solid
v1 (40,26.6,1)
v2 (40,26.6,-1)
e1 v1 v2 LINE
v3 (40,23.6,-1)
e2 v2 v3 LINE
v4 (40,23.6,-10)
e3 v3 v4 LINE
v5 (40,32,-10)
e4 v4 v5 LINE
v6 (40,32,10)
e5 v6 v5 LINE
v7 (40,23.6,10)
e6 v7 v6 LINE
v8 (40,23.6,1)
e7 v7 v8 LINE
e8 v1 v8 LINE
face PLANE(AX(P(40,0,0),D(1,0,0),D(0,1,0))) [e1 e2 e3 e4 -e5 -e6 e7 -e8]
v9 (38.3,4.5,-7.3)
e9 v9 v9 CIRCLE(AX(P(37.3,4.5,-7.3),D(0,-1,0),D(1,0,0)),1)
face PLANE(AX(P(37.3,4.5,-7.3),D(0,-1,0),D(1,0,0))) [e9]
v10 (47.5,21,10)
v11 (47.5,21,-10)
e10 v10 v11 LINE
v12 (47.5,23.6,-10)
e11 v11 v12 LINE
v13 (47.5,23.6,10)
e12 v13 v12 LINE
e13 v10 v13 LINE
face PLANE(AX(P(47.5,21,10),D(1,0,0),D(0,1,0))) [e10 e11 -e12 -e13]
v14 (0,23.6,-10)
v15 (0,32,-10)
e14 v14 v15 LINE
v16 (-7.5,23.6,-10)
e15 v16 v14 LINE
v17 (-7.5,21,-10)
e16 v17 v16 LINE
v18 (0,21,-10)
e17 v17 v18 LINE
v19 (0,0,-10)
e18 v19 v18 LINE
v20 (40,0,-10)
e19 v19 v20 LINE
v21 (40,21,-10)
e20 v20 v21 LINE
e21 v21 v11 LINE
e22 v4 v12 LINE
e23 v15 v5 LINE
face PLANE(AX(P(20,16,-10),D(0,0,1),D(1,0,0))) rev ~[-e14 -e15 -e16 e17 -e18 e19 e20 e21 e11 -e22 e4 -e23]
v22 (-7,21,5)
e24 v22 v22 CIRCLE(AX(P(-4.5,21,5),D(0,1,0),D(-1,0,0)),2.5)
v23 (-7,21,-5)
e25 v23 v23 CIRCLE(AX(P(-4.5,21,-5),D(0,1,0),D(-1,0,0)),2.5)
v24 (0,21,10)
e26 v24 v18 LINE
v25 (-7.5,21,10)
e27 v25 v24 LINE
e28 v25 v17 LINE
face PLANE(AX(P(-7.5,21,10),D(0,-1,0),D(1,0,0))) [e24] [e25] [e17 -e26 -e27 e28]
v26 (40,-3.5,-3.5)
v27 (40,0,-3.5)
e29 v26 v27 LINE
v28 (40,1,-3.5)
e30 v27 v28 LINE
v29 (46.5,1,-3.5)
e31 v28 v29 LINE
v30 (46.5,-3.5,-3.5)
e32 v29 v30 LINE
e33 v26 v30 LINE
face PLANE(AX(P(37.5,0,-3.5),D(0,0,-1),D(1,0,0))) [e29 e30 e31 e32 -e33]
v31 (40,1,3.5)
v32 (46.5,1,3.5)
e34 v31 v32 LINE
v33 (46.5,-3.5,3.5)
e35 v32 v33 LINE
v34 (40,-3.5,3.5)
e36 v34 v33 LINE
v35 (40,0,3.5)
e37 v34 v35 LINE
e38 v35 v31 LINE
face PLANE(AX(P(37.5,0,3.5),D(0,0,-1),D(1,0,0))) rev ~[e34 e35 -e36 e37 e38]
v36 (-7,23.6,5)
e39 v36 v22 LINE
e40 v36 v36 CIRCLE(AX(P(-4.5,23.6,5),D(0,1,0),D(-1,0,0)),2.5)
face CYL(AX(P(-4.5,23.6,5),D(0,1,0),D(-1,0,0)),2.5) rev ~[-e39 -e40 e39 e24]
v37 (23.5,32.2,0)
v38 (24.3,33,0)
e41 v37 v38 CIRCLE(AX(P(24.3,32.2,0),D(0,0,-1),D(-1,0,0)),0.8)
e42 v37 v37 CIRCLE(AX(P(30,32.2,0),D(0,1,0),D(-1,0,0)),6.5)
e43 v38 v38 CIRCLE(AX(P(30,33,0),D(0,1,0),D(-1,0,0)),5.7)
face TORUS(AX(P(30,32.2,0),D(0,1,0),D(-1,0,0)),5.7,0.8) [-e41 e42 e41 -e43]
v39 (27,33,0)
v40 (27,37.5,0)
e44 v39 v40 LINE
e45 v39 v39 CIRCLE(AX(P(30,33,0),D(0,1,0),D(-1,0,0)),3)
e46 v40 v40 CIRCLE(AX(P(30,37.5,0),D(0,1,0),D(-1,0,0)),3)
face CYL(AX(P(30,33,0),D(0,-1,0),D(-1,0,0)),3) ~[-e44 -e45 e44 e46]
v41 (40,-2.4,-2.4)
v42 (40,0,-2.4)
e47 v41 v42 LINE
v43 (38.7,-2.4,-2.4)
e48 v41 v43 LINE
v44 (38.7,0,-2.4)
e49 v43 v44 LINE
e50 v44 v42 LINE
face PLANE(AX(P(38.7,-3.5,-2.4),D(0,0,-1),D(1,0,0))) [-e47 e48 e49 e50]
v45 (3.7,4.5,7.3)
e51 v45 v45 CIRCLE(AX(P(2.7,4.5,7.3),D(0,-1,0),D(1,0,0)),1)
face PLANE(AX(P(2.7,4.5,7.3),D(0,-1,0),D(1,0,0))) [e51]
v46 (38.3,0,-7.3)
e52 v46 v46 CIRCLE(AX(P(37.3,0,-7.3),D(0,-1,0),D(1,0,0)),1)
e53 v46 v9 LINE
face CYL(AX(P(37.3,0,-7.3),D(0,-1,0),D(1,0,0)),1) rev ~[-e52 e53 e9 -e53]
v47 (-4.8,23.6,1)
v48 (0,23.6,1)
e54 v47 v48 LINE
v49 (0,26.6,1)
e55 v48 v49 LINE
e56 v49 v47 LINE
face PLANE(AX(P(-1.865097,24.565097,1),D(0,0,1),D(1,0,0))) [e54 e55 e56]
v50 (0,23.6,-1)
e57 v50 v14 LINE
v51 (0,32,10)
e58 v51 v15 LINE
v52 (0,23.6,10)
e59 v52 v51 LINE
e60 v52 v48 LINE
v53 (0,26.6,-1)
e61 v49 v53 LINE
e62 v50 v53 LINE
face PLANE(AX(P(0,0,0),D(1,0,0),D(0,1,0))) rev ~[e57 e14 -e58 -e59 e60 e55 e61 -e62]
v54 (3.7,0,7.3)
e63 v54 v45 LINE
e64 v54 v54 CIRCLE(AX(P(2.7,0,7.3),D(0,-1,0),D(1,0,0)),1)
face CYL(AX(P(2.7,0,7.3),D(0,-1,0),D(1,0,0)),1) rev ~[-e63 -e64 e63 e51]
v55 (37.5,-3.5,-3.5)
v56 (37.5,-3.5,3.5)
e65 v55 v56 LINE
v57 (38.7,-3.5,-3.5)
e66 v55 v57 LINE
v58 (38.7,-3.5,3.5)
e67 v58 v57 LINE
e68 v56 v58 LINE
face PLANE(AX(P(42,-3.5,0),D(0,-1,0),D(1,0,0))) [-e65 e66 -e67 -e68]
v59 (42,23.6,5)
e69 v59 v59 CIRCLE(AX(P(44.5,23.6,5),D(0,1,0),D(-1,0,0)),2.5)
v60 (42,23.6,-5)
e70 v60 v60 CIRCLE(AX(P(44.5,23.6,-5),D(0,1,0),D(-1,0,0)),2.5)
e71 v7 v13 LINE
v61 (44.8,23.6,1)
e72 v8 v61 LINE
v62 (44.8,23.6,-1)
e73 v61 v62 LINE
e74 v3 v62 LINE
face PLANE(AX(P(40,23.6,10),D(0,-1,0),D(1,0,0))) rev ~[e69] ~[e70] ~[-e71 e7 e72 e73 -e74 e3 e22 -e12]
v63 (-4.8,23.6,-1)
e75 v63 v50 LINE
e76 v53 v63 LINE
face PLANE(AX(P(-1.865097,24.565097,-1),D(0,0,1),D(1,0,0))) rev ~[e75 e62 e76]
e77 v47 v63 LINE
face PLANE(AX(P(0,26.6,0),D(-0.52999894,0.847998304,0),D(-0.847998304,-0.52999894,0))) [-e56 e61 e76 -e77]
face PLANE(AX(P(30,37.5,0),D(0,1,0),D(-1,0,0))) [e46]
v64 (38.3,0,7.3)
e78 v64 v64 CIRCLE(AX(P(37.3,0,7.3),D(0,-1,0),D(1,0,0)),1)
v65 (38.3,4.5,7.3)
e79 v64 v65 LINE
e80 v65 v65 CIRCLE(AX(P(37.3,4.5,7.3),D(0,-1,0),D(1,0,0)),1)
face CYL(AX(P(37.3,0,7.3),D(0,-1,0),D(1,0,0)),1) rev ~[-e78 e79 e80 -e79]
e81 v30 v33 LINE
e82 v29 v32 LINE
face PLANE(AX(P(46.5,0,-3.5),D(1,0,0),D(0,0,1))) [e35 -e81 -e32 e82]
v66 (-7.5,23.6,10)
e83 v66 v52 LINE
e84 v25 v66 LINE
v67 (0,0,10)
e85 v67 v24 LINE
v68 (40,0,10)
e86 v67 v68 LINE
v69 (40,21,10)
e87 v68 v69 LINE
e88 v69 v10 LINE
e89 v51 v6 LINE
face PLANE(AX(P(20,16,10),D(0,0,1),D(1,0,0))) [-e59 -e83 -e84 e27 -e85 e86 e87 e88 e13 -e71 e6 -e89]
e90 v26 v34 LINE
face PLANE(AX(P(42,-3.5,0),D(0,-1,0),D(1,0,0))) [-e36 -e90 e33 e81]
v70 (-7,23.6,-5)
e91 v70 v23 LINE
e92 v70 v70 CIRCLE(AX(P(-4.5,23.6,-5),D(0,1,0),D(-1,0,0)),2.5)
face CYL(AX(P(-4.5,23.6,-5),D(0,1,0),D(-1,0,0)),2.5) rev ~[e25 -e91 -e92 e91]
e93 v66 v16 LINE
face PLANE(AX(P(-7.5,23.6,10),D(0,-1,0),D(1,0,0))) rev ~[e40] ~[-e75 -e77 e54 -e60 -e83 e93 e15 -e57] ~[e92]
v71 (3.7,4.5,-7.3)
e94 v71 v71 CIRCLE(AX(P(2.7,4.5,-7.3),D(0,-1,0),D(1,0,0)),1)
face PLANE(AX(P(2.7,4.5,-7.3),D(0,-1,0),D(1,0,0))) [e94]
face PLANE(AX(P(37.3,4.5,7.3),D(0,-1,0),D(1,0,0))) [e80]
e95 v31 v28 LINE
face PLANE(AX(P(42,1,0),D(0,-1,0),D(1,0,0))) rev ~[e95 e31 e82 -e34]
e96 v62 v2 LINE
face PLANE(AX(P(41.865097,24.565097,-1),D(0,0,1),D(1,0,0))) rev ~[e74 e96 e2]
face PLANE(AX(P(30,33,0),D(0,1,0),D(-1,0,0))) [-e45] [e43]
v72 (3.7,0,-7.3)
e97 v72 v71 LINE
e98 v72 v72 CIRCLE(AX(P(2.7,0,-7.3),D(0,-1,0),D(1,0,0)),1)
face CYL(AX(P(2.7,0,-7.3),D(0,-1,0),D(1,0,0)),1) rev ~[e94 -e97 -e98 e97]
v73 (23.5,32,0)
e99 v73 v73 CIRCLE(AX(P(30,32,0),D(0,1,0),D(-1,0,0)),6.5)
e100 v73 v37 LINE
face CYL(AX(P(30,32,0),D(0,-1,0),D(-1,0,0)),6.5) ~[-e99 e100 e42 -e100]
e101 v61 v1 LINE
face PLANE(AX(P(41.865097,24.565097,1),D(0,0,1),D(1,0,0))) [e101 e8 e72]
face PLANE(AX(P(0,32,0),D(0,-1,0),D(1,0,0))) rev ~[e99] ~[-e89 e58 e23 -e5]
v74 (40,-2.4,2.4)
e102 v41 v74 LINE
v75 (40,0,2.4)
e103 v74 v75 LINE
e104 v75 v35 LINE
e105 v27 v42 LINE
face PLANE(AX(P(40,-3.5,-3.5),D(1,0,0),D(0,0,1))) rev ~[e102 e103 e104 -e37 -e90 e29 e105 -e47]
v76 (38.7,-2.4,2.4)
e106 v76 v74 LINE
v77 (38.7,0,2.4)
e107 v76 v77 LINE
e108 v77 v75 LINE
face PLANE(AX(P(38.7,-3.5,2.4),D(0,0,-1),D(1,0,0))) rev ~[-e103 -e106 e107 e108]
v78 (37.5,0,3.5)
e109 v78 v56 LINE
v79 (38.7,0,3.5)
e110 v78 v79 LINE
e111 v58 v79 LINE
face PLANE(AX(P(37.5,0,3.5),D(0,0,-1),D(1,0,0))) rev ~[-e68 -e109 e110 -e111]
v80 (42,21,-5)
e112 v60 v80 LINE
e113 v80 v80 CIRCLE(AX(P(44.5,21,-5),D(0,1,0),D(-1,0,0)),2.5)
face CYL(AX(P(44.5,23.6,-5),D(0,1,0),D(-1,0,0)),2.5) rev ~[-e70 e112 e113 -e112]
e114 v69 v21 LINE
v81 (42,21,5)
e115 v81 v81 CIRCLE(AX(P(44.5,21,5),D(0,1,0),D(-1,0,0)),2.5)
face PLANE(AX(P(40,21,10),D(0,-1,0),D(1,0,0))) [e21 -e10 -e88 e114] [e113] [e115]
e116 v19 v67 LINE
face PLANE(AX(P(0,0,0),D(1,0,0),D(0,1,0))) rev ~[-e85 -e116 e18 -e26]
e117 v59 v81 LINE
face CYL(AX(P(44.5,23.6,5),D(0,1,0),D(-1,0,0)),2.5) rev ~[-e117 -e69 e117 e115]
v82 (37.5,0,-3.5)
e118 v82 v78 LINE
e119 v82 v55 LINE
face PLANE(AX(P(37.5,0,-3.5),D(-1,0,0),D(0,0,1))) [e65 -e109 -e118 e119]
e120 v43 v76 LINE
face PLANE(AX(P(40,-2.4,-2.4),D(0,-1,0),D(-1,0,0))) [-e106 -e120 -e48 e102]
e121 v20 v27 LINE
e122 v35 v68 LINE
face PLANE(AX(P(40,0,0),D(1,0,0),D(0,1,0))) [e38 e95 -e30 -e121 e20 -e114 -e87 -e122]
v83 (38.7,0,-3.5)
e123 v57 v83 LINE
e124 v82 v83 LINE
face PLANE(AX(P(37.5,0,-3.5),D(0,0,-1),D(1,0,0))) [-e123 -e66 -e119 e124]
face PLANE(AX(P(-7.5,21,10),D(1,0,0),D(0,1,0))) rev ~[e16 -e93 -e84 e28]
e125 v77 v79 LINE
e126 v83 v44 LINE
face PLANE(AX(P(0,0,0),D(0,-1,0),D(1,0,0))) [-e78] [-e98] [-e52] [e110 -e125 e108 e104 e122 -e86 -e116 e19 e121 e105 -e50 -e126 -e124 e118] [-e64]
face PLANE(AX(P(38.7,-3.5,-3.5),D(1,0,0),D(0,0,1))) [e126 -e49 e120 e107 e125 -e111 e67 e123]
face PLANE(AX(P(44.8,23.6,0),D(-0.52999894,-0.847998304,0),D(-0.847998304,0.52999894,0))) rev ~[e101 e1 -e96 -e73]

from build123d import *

# Parameters (mm, degrees)
ESQUISSE1_W             = 40
ESQUISSE1_H             = 32
EXTRUSION1_DEPTH        = 10
ESQUISSE2_R             = 6.5
EXTRUSION2_DEPTH        = 1
CONG_1_R                = 0.8
ESQUISSE3_R             = 3
EXTRUSION3_DEPTH        = 4.5
ESQUISSE4_W             = 9
ESQUISSE4_H             = 7
EXTRUSION4_DEPTH        = 3.5
EXTRUSION4_DEPTH_BACK   = 1
ESQUISSE5_W             = 1.3
ESQUISSE5_H             = 1.1
ENL_V_MAT_EXTRU_2_DEPTH = 3.5
ENL_V_MAT_EXTRU_5_REACH = 14.4
ESQUISSE9_W             = 1.3
ESQUISSE9_H             = 1.1
ESQUISSE7_R             = 1
ENL_V_MAT_EXTRU_4_DEPTH = 4.5
ESQUISSE8_W             = 7.5
ESQUISSE8_H             = 2.6
EXTRUSION6_DEPTH        = 20
EXTRUSION7_DEPTH        = 1
ENL_V_MAT_EXTRU_6_REACH = 29.1
ESQUISSE11_R            = 2.5


with BuildPart() as part:
    # Esquisse1 → Extrusion1 (new body, symmetric)
    with BuildSketch(Plane.XY):
        with Locations((20, 16)):
            Rectangle(ESQUISSE1_W, ESQUISSE1_H)
    extrude(amount=EXTRUSION1_DEPTH, both=True)

    # Esquisse2 → Extrusion2 (add)
    with BuildSketch(Plane(origin=(0, 32, 0), x_dir=(-1, 0, 0), z_dir=(0, 1, 0))):
        with Locations((-30, 0)):
            Circle(ESQUISSE2_R)
    extrude(amount=EXTRUSION2_DEPTH)

    # Cong_1
    cong_1_edges = [part.edges().sort_by_distance(p)[0] for p in [
        (36.5, 33, 0),
    ]]
    fillet(cong_1_edges, radius=CONG_1_R)

    # Esquisse3 → Extrusion3 (add)
    with BuildSketch(Plane(origin=(0, 33, 0), x_dir=(-1, 0, 0), z_dir=(0, 1, 0))):
        with Locations((-30, 0)):
            Circle(ESQUISSE3_R)
    extrude(amount=EXTRUSION3_DEPTH)

    # Esquisse4 → Extrusion4 (add, two sides)
    with BuildSketch(Plane.XZ) as extrusion4_sk:
        with Locations((42, 0)):
            Rectangle(ESQUISSE4_W, ESQUISSE4_H)
    extrude(amount=EXTRUSION4_DEPTH)
    extrude(extrusion4_sk.sketch, amount=-EXTRUSION4_DEPTH_BACK)

    # Esquisse5 → Enl_v. mat.-Extru.2 (cut)
    with BuildSketch(Plane.XZ.offset(3.5)):
        with Locations((39.35, 2.95)):
            Rectangle(ESQUISSE5_W, ESQUISSE5_H)
        with Locations((39.35, -2.95)):
            Rectangle(ESQUISSE5_W, ESQUISSE5_H)
    extrude(amount=-ENL_V_MAT_EXTRU_2_DEPTH, mode=Mode.SUBTRACT)

    # Esquisse9 → Enl_v. mat.-Extru.5 (cut, up to next)
    with BuildSketch(Plane(origin=(0, 0, -2.4), x_dir=(-1, 0, 0), z_dir=(0, 0, -1)), mode=Mode.PRIVATE) as enl_v_mat_extru_5_sk1:
        with Locations((-39.35, -2.95)):
            Rectangle(ESQUISSE9_W, ESQUISSE9_H)
    enl_v_mat_extru_5_tool1 = extrude(enl_v_mat_extru_5_sk1.sketch, amount=-ENL_V_MAT_EXTRU_5_REACH, mode=Mode.PRIVATE) & part.part
    add(enl_v_mat_extru_5_tool1.solids().sort_by_distance((39.35, -2.95, -2.4))[0], mode=Mode.SUBTRACT)

    # Esquisse7 → Enl_v. mat.-Extru.4 (cut)
    with BuildSketch(Plane.XZ):
        with Locations((37.3, -7.3)):
            Circle(ESQUISSE7_R)
        with Locations((2.7, -7.3)):
            Circle(ESQUISSE7_R)
        with Locations((2.7, 7.3)):
            Circle(ESQUISSE7_R)
        with Locations((37.3, 7.3)):
            Circle(ESQUISSE7_R)
    extrude(amount=-ENL_V_MAT_EXTRU_4_DEPTH, mode=Mode.SUBTRACT)

    # Esquisse8 → Extrusion6 (add)
    with BuildSketch(Plane.XY.offset(10)):
        with Locations((43.75, 22.3)):
            Rectangle(ESQUISSE8_W, ESQUISSE8_H)
        with Locations((-3.75, 22.3)):
            Rectangle(ESQUISSE8_W, ESQUISSE8_H)
    extrude(amount=-EXTRUSION6_DEPTH)

    # Esquisse10 → Extrusion7 (add, symmetric)
    with BuildSketch(Plane.XY):
        Polygon((40, 26.6), (40, 23.6), (44.8, 23.6), align=None)
        Polygon((-4.8, 23.6), (0, 23.6), (0, 26.6), align=None)
    extrude(amount=EXTRUSION7_DEPTH, both=True)

    # Esquisse11 → Enl_v. mat.-Extru.6 (cut, up to next)
    with BuildSketch(Plane(origin=(0, 23.6, 0), x_dir=(-1, 0, 0), z_dir=(0, 1, 0)), mode=Mode.PRIVATE) as enl_v_mat_extru_6_sk1:
        with Locations((-44.5, 5)):
            Circle(ESQUISSE11_R)
    enl_v_mat_extru_6_tool1 = extrude(enl_v_mat_extru_6_sk1.sketch, amount=-ENL_V_MAT_EXTRU_6_REACH, mode=Mode.PRIVATE) & part.part
    add(enl_v_mat_extru_6_tool1.solids().sort_by_distance((44.5, 23.6, 5))[0], mode=Mode.SUBTRACT)
    # Esquisse11 → Enl_v. mat.-Extru.6 (cut, up to next)
    with BuildSketch(Plane(origin=(0, 23.6, 0), x_dir=(-1, 0, 0), z_dir=(0, 1, 0)), mode=Mode.PRIVATE) as enl_v_mat_extru_6_sk2:
        with Locations((-44.5, -5)):
            Circle(ESQUISSE11_R)
    enl_v_mat_extru_6_tool2 = extrude(enl_v_mat_extru_6_sk2.sketch, amount=-ENL_V_MAT_EXTRU_6_REACH, mode=Mode.PRIVATE) & part.part
    add(enl_v_mat_extru_6_tool2.solids().sort_by_distance((44.5, 23.6, -5))[0], mode=Mode.SUBTRACT)
    # Esquisse11 → Enl_v. mat.-Extru.6 (cut, up to next)
    with BuildSketch(Plane(origin=(0, 23.6, 0), x_dir=(-1, 0, 0), z_dir=(0, 1, 0)), mode=Mode.PRIVATE) as enl_v_mat_extru_6_sk3:
        with Locations((4.5, -5)):
            Circle(ESQUISSE11_R)
    enl_v_mat_extru_6_tool3 = extrude(enl_v_mat_extru_6_sk3.sketch, amount=-ENL_V_MAT_EXTRU_6_REACH, mode=Mode.PRIVATE) & part.part
    add(enl_v_mat_extru_6_tool3.solids().sort_by_distance((-4.5, 23.6, -5))[0], mode=Mode.SUBTRACT)
    # Esquisse11 → Enl_v. mat.-Extru.6 (cut, up to next)
    with BuildSketch(Plane(origin=(0, 23.6, 0), x_dir=(-1, 0, 0), z_dir=(0, 1, 0)), mode=Mode.PRIVATE) as enl_v_mat_extru_6_sk4:
        with Locations((4.5, 5)):
            Circle(ESQUISSE11_R)
    enl_v_mat_extru_6_tool4 = extrude(enl_v_mat_extru_6_sk4.sketch, amount=-ENL_V_MAT_EXTRU_6_REACH, mode=Mode.PRIVATE) & part.part
    add(enl_v_mat_extru_6_tool4.solids().sort_by_distance((-4.5, 23.6, 5))[0], mode=Mode.SUBTRACT)


solid = part.part
